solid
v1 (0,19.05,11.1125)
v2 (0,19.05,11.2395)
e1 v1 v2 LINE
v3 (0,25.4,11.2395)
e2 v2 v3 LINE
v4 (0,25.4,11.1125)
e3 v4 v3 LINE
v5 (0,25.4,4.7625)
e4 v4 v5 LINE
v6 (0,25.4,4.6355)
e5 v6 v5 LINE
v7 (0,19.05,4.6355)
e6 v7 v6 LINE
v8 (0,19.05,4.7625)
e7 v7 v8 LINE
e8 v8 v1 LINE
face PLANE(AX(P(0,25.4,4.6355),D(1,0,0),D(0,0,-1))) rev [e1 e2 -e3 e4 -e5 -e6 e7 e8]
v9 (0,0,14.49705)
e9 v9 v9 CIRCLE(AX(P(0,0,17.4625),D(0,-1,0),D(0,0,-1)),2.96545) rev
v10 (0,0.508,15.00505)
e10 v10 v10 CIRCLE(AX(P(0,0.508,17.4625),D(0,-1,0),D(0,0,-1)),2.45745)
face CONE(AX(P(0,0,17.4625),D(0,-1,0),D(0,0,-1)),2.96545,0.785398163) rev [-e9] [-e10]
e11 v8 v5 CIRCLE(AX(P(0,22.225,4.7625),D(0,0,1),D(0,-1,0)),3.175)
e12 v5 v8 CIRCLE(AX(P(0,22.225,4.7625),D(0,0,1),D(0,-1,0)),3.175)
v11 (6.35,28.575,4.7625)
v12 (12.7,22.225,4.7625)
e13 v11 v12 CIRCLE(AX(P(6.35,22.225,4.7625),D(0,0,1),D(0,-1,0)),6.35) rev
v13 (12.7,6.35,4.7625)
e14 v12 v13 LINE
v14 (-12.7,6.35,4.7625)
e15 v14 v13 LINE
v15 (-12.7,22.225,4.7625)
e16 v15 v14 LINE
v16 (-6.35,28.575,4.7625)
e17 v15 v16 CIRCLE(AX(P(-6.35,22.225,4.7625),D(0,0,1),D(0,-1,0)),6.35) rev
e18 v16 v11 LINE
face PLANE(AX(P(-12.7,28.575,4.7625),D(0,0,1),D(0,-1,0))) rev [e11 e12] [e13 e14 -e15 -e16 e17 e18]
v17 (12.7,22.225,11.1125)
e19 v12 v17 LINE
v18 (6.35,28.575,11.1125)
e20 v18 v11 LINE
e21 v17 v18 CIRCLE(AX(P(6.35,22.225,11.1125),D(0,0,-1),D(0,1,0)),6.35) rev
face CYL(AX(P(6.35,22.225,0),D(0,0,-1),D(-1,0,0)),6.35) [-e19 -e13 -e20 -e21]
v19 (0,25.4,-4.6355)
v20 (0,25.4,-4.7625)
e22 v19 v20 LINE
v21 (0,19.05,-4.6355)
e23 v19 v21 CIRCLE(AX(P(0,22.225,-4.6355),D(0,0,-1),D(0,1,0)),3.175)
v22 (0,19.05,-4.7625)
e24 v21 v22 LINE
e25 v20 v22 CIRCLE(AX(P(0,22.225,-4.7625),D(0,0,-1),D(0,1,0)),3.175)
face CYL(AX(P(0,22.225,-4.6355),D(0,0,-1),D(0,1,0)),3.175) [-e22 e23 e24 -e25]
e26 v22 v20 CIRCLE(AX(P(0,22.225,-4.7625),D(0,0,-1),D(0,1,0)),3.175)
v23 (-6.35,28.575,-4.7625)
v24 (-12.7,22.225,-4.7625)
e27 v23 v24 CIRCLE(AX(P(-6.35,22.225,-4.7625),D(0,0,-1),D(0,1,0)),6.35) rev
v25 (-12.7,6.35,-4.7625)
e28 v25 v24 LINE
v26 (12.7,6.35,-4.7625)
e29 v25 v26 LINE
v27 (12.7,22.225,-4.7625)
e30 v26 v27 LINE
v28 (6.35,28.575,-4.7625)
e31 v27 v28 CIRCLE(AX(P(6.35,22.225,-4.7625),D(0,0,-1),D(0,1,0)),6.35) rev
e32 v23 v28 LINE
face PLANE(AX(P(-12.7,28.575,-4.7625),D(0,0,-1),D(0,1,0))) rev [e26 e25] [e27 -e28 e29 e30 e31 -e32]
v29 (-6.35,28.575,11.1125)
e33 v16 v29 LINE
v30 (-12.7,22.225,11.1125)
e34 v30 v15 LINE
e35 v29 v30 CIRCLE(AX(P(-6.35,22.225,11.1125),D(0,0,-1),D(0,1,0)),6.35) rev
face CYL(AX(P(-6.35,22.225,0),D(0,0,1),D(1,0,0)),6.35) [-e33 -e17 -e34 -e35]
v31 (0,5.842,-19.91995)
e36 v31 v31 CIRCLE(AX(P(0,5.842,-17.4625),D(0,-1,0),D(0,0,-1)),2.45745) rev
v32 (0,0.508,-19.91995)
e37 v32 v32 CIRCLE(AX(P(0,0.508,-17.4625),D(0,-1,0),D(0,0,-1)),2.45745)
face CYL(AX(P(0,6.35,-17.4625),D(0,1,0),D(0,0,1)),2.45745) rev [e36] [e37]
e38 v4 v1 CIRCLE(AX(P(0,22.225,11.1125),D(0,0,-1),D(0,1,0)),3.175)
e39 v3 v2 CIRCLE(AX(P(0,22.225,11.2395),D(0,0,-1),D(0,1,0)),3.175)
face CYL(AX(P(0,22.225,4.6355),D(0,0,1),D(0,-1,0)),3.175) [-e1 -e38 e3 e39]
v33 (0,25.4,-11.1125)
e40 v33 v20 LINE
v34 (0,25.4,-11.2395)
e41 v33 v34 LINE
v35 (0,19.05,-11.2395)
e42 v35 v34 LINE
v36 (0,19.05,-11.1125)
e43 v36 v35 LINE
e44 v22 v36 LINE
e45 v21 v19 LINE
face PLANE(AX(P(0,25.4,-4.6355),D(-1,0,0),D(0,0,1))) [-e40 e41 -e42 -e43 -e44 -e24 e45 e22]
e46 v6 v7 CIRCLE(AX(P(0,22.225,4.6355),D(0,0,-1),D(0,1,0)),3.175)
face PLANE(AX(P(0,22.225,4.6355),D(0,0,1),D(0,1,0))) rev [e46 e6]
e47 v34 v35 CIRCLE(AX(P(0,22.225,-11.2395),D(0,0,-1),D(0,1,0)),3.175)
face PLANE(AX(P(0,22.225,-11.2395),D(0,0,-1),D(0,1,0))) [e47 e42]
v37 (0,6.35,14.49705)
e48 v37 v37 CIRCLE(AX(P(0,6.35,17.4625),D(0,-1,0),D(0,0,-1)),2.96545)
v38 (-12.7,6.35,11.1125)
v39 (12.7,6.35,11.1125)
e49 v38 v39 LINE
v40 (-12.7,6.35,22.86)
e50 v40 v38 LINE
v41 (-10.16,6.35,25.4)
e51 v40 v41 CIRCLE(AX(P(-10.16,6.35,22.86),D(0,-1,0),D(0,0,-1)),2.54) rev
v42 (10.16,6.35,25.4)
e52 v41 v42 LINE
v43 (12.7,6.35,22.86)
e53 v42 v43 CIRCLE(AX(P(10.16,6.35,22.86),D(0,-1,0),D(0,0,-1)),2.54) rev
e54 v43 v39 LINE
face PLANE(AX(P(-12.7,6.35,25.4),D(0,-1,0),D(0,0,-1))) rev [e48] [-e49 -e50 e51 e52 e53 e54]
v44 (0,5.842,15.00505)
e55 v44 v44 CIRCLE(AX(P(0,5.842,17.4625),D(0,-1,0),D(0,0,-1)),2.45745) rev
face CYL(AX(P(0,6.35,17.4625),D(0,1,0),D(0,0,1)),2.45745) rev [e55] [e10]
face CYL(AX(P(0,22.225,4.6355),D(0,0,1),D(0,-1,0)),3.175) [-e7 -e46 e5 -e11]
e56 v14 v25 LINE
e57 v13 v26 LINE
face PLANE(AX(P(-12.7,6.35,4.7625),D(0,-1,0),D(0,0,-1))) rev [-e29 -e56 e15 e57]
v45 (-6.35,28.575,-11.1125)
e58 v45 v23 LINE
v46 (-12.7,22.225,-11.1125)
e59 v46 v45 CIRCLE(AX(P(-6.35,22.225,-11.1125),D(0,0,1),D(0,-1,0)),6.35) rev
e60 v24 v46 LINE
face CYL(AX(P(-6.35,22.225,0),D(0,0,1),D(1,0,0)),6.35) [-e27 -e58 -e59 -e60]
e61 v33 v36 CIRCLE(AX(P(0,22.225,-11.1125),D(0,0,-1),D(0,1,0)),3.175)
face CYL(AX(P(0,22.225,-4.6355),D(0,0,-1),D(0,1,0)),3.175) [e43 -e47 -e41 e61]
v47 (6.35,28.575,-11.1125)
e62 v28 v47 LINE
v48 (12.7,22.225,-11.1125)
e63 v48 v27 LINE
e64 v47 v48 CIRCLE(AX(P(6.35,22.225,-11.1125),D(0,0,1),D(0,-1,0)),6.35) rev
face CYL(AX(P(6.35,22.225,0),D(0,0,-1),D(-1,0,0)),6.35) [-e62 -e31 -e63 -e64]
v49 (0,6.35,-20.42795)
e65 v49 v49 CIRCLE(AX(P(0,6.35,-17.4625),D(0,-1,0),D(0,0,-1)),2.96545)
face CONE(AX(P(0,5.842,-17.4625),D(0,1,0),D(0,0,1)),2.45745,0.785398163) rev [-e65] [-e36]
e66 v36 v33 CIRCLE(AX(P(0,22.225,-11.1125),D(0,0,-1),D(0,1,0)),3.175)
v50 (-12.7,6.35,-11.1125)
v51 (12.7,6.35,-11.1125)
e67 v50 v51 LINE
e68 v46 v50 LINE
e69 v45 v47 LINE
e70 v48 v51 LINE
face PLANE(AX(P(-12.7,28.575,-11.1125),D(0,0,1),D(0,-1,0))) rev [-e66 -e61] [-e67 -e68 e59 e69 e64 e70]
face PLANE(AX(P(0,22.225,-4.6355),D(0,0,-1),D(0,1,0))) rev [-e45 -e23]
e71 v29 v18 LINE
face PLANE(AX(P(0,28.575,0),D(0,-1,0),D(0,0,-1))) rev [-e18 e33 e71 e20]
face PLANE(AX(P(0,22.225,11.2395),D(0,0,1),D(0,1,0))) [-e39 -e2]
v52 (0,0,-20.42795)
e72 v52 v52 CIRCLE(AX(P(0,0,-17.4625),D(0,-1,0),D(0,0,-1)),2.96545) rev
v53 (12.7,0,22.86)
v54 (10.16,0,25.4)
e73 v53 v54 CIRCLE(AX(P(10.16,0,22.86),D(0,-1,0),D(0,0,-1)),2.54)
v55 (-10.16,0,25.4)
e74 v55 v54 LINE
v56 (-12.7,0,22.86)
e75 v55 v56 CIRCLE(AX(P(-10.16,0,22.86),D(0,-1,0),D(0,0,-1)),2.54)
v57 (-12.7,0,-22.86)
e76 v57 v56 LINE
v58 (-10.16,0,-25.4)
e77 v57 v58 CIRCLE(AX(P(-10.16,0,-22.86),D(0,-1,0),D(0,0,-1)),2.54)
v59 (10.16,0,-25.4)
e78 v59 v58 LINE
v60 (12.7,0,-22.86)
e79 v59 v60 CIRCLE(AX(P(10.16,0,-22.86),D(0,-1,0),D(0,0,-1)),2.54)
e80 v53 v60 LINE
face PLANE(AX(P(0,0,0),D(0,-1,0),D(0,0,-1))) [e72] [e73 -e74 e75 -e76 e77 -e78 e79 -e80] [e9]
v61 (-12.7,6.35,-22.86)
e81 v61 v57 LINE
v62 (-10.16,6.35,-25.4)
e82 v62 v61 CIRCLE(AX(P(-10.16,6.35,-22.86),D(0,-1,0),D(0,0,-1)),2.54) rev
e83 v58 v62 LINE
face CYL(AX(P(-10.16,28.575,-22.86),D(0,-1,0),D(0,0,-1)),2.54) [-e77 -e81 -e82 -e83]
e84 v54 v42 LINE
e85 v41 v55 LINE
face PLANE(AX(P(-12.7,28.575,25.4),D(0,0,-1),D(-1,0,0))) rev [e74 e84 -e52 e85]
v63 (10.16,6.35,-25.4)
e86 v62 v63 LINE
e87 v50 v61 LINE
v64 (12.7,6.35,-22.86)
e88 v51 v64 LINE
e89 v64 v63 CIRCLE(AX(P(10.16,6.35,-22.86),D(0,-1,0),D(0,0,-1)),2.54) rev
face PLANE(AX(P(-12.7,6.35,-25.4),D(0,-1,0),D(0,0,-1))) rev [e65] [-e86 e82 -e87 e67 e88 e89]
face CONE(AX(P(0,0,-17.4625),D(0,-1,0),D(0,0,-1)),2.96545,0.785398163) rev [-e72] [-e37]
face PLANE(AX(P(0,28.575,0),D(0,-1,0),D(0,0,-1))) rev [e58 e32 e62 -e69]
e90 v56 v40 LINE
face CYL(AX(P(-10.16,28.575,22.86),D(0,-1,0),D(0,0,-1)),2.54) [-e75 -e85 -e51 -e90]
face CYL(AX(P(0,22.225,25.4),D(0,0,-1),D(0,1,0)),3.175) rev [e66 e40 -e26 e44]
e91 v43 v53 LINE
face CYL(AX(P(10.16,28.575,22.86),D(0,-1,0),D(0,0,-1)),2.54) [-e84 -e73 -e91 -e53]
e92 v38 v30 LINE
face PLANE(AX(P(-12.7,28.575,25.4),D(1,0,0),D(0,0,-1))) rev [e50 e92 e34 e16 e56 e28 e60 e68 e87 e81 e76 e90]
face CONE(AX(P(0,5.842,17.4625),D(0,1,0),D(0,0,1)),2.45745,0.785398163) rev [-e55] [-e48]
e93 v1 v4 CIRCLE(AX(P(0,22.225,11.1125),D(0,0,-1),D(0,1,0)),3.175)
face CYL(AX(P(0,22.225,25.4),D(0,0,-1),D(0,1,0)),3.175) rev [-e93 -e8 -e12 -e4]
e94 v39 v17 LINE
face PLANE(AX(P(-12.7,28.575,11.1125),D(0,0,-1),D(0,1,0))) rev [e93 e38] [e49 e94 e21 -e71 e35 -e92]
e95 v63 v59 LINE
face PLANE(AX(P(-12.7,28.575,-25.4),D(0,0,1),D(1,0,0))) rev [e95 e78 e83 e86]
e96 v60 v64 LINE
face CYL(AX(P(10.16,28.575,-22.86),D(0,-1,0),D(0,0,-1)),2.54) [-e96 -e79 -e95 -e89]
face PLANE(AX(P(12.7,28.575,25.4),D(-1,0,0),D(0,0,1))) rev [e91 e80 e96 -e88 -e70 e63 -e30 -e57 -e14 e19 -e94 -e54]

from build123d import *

# Parameters (mm, degrees)
SKETCH2_W                        = 25.4
SKETCH2_H                        = 50.8
BOSS_EXTRUDE2_DEPTH              = 28.575
SKETCH3_W                        = 14.2875
SKETCH3_H                        = 22.225
SKETCH3_W_2                      = 9.525
CUT_EXTRUDE1_DEPTH               = 26.4
F_10_0_1935_DIAMETER_HOLE1_D     = 4.9149
F_10_0_1935_DIAMETER_HOLE1_DEPTH = 6.35
F_10_0_1935_DIAMETER_HOLE1_TIP   = 1.476584928
SKETCH8_R                        = 3.175
CUT_EXTRUDE3_DEPTH               = 37.5125
FILLET1_R                        = 6.35
FILLET2_R                        = 2.54
CHAMFER1_SIZE                    = 0.508
BOSS_EXTRUDE3_DEPTH              = 3.302


with BuildPart() as part:
    # Sketch2 → Boss-Extrude2 (new body)
    with BuildSketch(Plane(origin=(0, 0, 0), x_dir=(1, 0, 0), z_dir=(0, 1, 0))):
        Rectangle(SKETCH2_W, SKETCH2_H)
    extrude(amount=BOSS_EXTRUDE2_DEPTH)

    # Sketch3 → Cut-Extrude1 (cut, through all)
    with BuildSketch(Plane(origin=(12.7, 0, 0), x_dir=(0, 0, -1), z_dir=(1, 0, 0))):
        with Locations((-18.25625, 17.4625)):
            Rectangle(SKETCH3_W, SKETCH3_H)
        with Locations((18.25625, 17.4625)):
            Rectangle(SKETCH3_W, SKETCH3_H)
        with Locations((0, 17.4625)):
            Rectangle(SKETCH3_W_2, SKETCH3_H)
    extrude(amount=-CUT_EXTRUDE1_DEPTH, mode=Mode.SUBTRACT)

    # #10 (0.1935) Diameter Hole1
    with Locations(Plane(origin=(0, 6.35, 0), x_dir=(1, 0, 0), z_dir=(0, 1, 0))):
        with Locations((0, -17.4625), (0, 17.4625)):
            Hole(F_10_0_1935_DIAMETER_HOLE1_D / 2, depth=F_10_0_1935_DIAMETER_HOLE1_DEPTH)
            with Locations((0, 0, -(F_10_0_1935_DIAMETER_HOLE1_DEPTH + F_10_0_1935_DIAMETER_HOLE1_TIP / 2))):  # 118° drill point
                Cone(0, F_10_0_1935_DIAMETER_HOLE1_D / 2, F_10_0_1935_DIAMETER_HOLE1_TIP, mode=Mode.SUBTRACT)

    # Sketch8 → Cut-Extrude3 (cut, through all)
    with BuildSketch(Plane(origin=(0, 0, -11.1125), x_dir=(-1, 0, 0), z_dir=(0, 0, -1))):
        with Locations((0, 22.225)):
            Circle(SKETCH8_R)
    extrude(amount=-CUT_EXTRUDE3_DEPTH, mode=Mode.SUBTRACT)

    # Fillet1
    fillet1_edges = [part.edges().sort_by_distance(p)[0] for p in [
        (12.7, 28.575, 7.9375),
        (-12.7, 28.575, -7.9375),
        (-12.7, 28.575, 7.9375),
        (12.7, 28.575, -7.9375),
    ]]
    fillet(fillet1_edges, radius=FILLET1_R)

    # Fillet2
    fillet2_edges = [part.edges().sort_by_distance(p)[0] for p in [
        (12.7, 3.175, 25.4),
        (-12.7, 3.175, 25.4),
        (-12.7, 3.175, -25.4),
        (12.7, 3.175, -25.4),
    ]]
    fillet(fillet2_edges, radius=FILLET2_R)

    # Chamfer1
    chamfer1_edges = [part.edges().sort_by_distance(p)[0] for p in [
        (2.45745, 6.35, -17.4625),
        (2.45745, 0, -17.4625),
        (2.45745, 6.35, 17.4625),
        (2.45745, 0, 17.4625),
    ]]
    chamfer(chamfer1_edges, length=CHAMFER1_SIZE)

    # Sketch10 → Boss-Extrude3 (add, symmetric)
    with BuildSketch(Plane(origin=(0, 0, -7.9375), x_dir=(-1, 0, 0), z_dir=(0, 0, -1))):
        with BuildLine():
            Line((0, 25.4), (0, 19.05))
            ThreePointArc((0, 19.05), (-3.175, 22.225), (0, 25.4))
        make_face()
    boss_extrude3 = extrude(amount=BOSS_EXTRUDE3_DEPTH, both=True)

    # Mirror1: Boss-Extrude3 across plane
    add(boss_extrude3.mirror(Plane.XY))


solid = part.part
